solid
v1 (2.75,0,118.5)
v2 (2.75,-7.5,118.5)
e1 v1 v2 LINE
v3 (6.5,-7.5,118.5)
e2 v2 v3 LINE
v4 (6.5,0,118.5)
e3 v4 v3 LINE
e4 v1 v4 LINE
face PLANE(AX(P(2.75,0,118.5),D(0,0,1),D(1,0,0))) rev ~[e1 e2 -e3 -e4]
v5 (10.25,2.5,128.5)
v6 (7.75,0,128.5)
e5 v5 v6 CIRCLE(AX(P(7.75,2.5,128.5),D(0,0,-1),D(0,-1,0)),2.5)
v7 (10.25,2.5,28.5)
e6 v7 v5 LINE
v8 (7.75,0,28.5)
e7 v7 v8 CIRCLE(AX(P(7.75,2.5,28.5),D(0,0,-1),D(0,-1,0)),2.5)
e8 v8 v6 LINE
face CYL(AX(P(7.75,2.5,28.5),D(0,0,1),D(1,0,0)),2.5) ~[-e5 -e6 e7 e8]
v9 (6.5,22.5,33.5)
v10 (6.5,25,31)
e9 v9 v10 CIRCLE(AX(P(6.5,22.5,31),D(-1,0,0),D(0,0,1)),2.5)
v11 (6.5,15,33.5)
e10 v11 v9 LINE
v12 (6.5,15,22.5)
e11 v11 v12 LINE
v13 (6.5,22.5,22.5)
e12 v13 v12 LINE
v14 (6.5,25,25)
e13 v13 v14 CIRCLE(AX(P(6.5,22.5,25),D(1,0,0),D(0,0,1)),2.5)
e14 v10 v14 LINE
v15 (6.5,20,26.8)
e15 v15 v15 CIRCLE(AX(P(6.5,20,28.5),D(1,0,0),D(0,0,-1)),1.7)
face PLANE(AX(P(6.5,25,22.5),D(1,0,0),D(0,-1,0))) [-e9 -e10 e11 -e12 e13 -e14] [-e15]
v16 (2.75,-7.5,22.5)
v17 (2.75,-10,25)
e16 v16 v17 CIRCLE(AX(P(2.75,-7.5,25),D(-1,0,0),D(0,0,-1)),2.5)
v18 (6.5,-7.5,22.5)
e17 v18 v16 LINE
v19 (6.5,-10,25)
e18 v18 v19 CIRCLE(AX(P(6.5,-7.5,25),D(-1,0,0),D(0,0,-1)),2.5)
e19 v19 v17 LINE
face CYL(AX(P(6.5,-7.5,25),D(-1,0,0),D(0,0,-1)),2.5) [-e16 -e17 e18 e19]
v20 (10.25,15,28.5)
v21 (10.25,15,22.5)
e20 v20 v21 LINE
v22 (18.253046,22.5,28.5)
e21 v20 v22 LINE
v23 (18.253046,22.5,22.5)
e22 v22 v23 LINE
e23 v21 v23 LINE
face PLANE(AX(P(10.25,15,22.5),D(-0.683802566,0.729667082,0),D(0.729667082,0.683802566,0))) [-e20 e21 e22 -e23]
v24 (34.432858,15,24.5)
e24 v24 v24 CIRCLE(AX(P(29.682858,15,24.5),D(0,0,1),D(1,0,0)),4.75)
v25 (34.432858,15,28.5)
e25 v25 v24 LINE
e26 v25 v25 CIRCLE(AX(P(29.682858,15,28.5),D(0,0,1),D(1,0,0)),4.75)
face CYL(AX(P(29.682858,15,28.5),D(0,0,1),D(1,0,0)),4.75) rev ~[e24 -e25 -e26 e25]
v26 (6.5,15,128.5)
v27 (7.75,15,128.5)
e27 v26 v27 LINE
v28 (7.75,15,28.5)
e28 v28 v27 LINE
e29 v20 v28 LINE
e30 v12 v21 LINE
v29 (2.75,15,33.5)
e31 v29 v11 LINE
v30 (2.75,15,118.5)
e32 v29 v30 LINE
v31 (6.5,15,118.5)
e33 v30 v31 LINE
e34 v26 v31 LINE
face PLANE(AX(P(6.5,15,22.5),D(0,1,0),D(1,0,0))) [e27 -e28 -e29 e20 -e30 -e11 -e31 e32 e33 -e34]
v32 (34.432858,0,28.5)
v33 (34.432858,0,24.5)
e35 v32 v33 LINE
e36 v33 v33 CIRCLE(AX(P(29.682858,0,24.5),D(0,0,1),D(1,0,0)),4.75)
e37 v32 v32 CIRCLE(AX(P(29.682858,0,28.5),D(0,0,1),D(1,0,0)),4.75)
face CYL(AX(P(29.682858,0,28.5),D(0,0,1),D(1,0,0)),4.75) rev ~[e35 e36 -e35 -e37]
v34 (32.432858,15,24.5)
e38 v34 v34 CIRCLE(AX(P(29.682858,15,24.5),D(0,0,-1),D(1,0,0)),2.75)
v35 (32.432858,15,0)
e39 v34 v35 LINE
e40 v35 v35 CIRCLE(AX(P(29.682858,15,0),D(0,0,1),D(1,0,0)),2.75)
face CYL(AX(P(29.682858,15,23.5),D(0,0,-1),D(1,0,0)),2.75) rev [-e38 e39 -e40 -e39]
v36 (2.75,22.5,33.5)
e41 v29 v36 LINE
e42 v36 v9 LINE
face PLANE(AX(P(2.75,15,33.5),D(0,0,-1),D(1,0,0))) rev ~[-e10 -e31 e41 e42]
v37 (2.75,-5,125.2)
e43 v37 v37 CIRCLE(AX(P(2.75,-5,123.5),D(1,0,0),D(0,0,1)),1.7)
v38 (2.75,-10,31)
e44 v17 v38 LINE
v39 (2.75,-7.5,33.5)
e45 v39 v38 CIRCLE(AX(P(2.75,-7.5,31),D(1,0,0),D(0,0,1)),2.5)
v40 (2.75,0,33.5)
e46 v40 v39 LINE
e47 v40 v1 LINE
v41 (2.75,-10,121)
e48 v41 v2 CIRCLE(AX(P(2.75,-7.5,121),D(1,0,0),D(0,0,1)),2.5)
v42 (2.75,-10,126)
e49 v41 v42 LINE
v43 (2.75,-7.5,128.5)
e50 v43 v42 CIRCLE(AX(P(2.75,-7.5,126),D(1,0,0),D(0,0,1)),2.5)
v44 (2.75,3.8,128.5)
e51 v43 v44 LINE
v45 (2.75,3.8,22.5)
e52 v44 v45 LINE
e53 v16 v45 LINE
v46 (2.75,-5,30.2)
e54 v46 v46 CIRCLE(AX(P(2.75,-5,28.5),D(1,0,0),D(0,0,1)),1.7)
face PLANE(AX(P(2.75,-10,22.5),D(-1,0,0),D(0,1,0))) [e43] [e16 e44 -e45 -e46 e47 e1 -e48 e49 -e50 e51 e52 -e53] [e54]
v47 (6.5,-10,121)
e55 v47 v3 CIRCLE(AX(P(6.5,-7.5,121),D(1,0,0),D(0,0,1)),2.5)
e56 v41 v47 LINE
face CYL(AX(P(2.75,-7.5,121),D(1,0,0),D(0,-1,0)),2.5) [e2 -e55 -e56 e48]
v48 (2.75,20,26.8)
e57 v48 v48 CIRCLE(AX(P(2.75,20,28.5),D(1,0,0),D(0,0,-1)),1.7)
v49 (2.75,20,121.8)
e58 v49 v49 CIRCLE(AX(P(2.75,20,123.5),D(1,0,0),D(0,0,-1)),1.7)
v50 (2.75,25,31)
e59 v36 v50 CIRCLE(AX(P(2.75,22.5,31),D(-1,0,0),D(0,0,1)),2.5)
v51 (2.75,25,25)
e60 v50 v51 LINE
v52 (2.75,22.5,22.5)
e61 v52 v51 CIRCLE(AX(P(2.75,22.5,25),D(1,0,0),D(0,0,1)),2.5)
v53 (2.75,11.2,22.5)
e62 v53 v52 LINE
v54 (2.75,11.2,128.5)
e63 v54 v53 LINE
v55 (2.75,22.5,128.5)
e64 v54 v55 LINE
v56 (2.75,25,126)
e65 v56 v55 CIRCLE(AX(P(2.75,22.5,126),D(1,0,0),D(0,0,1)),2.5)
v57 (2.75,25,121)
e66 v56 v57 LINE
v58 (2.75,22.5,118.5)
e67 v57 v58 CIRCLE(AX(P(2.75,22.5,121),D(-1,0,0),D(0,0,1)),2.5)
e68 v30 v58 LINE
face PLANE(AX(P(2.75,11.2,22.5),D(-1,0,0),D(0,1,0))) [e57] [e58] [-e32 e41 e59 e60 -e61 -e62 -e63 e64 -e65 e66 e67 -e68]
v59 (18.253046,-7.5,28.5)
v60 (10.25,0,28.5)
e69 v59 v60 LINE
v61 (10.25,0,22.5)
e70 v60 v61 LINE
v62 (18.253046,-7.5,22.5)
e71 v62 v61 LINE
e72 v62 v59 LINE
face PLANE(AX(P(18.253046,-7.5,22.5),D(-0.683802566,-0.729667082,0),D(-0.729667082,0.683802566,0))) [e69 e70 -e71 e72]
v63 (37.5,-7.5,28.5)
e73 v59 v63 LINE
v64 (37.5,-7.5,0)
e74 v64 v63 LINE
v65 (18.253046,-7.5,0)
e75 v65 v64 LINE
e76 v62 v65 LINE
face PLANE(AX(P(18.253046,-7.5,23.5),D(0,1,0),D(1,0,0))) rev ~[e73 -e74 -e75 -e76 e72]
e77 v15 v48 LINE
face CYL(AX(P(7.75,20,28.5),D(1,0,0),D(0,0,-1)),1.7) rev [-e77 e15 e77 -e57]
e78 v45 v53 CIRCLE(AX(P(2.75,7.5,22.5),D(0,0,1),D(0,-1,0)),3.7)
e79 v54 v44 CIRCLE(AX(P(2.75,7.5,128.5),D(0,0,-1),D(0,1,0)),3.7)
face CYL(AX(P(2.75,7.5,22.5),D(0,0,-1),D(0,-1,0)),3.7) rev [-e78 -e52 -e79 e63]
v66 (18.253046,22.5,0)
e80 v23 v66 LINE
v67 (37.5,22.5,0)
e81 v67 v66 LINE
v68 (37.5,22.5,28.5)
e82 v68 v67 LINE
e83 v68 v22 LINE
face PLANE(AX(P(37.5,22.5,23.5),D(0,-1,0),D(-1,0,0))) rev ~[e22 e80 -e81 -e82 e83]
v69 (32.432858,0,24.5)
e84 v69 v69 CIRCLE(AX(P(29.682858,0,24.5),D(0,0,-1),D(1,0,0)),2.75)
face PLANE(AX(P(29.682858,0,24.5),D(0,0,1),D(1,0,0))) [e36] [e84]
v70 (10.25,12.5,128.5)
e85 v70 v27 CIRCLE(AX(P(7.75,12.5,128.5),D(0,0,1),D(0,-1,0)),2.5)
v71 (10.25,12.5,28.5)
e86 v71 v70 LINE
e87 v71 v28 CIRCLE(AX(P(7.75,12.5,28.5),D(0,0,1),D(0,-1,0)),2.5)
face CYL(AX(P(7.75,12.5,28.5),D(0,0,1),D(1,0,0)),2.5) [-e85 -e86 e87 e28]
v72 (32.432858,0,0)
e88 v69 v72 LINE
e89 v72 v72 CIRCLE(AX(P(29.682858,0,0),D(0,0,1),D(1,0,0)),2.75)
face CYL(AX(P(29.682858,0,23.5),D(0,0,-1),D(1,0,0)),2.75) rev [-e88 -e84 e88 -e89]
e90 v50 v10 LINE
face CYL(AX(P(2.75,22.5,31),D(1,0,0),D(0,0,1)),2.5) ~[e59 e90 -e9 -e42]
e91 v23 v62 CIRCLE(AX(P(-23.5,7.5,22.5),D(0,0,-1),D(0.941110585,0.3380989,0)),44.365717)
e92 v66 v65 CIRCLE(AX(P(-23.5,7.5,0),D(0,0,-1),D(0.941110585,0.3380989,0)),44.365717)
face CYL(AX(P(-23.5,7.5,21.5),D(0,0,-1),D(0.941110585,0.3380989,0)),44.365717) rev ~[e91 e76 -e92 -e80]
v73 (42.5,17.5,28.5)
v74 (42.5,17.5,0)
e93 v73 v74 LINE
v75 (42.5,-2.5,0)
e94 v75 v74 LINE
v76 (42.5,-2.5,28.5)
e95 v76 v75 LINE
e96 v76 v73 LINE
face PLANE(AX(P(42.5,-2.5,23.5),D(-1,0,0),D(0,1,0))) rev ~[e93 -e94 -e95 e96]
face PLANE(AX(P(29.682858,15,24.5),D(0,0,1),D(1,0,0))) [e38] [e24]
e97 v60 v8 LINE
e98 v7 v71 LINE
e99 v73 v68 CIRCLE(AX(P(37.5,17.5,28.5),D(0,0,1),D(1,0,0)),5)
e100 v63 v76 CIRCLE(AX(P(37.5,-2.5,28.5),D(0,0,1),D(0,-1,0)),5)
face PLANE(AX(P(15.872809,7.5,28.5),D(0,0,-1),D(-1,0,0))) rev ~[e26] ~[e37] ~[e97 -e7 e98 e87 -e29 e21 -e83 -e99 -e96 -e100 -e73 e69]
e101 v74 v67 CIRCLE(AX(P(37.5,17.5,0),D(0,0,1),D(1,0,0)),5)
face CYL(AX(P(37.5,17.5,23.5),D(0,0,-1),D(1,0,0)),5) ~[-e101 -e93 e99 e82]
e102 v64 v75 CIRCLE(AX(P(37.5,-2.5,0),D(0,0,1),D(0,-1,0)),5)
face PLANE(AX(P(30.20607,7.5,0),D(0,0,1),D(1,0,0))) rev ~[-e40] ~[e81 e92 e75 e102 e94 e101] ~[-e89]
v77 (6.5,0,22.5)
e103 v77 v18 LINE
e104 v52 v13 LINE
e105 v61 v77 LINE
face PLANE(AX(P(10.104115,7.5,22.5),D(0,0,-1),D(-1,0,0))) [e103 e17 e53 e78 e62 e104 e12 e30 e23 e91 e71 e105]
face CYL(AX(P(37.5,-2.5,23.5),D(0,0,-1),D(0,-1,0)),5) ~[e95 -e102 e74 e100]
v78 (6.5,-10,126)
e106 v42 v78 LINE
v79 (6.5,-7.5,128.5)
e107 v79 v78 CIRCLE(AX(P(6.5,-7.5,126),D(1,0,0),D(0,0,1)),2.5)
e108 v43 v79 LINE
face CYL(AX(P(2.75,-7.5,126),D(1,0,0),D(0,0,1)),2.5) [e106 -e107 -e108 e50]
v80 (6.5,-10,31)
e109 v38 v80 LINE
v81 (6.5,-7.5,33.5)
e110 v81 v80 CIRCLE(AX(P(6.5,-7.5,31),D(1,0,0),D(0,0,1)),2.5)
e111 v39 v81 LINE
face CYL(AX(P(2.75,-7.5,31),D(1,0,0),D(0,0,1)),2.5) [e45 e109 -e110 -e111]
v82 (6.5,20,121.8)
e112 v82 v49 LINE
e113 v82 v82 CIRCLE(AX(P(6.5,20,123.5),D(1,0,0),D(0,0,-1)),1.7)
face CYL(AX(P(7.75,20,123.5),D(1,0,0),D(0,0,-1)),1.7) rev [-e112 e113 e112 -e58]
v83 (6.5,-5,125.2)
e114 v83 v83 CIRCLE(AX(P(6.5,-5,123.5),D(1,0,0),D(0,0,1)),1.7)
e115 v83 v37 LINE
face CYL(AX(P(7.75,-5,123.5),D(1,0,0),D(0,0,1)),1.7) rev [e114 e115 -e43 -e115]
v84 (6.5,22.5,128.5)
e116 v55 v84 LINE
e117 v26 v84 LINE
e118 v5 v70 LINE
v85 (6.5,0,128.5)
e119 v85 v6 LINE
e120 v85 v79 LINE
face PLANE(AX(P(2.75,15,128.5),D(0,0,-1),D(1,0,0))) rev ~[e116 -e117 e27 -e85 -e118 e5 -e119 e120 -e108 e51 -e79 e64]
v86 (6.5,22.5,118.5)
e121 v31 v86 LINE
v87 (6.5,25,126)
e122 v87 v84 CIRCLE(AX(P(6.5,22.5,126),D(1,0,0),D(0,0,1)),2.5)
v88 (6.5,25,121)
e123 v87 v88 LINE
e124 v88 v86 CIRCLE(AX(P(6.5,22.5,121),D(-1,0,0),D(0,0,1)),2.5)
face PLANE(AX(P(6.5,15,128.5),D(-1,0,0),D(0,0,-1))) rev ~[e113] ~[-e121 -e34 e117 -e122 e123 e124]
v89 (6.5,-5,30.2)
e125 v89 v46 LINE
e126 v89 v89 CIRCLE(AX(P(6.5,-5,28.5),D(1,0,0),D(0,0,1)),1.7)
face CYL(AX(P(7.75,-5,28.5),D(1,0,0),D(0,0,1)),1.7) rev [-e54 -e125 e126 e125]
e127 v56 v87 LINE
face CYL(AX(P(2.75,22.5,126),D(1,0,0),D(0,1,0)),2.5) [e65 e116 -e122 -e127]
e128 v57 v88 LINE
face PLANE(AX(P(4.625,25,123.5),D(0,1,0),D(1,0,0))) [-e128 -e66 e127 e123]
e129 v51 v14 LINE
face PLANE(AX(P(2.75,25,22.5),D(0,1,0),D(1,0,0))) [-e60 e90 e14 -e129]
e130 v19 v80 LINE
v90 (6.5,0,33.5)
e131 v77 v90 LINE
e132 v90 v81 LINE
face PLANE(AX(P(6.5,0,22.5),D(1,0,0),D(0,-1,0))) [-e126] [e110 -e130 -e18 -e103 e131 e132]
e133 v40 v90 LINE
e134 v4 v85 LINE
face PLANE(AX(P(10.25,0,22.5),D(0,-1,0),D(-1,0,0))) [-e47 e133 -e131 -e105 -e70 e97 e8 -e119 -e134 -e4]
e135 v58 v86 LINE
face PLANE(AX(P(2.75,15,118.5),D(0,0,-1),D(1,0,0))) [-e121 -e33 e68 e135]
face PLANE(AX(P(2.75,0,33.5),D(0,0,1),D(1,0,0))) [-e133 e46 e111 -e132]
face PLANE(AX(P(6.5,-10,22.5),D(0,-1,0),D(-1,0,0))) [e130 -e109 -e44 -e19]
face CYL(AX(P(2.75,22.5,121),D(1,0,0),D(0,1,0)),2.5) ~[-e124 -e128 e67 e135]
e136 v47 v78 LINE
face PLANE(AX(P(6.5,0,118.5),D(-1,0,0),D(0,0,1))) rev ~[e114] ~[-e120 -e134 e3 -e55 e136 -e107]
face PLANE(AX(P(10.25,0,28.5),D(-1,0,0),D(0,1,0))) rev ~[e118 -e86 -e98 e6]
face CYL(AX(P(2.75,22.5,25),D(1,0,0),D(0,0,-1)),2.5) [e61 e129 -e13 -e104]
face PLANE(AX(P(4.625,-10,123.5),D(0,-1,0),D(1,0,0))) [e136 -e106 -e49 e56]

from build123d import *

# Parameters (mm, degrees)
SKETCH2_R               = 2.75
BOSS_EXTRUDE1_DEPTH     = 21.5
SKETCH3_R               = 2.75
BOSS_EXTRUDE2_DEPTH     = 2
SKETCH4_W               = 15
SKETCH4_H               = 15
SKETCH4_R               = 3.7
SKETCH4_R_2             = 2.75
BOSS_EXTRUDE3_DEPTH     = 5
SKETCH5_W               = 15
SKETCH5_H               = 15
SKETCH5_R               = 3.7
BOSS_EXTRUDE4_DEPTH     = 100
CUT_EXTRUDE1_DEPTH      = 138.203316286
CUT_EXTRUDE1_DEPTH_BACK = 138.203316286
SKETCH7_W               = 3.75
SKETCH7_H               = 10
BOSS_EXTRUDE5_DEPTH     = 10
SKETCH8_W               = 3.75
SKETCH8_H               = 10
BOSS_EXTRUDE6_DEPTH     = 10
CUT_EXTRUDE2_DEPTH      = 137.811229437
CUT_EXTRUDE2_DEPTH_BACK = 5
SKETCH9_R               = 1.7
BOSS_EXTRUDE7_START     = 1
BOSS_EXTRUDE7_DEPTH     = 1
FILLET1_R               = 2.5
SKETCH11_R              = 4.75
CUT_EXTRUDE3_DEPTH      = 4


with BuildPart() as part:
    # Sketch2 → Boss-Extrude1 (new body)
    with BuildSketch(Plane.XY):
        with BuildLine():
            ThreePointArc((37.5, -7.5), (41.035533906, -6.035533906), (42.5, -2.5))
            Line((42.5, -2.5), (42.5, 17.5))
            ThreePointArc((42.5, 17.5), (41.035533906, 21.035533906), (37.5, 22.5))
            Line((37.5, 22.5), (18.2530456, 22.5))
            ThreePointArc((18.2530456, 22.5), (20.865716684, 7.5), (18.2530456, -7.5))
            Line((18.2530456, -7.5), (37.5, -7.5))
        make_face()
        with Locations((29.682858342, 0)):
            Circle(SKETCH2_R, mode=Mode.SUBTRACT)
        with Locations((29.682858342, 15)):
            Circle(SKETCH2_R, mode=Mode.SUBTRACT)
    extrude(amount=BOSS_EXTRUDE1_DEPTH)

    # Sketch3 → Boss-Extrude2 (add)
    with BuildSketch(Plane.XY.offset(21.5)):
        with BuildLine():
            Line((18.2530456, -7.5), (37.5, -7.5))
            ThreePointArc((37.5, -7.5), (41.035533906, -6.035533906), (42.5, -2.5))
            Line((42.5, -2.5), (42.5, 17.5))
            ThreePointArc((42.5, 17.5), (41.035533906, 21.035533906), (37.5, 22.5))
            Line((37.5, 22.5), (18.2530456, 22.5))
            ThreePointArc((18.2530456, 22.5), (20.865716684, 7.5), (18.2530456, -7.5))
        make_face()
        with Locations((29.682858342, 0)):
            Circle(SKETCH3_R, mode=Mode.SUBTRACT)
        with Locations((29.682858342, 15)):
            Circle(SKETCH3_R, mode=Mode.SUBTRACT)
    extrude(amount=BOSS_EXTRUDE2_DEPTH)

    # Sketch4 → Boss-Extrude3 (add)
    # profile 1 of 3: a face of its own
    with BuildSketch(Plane.XY.offset(23.5)):
        with BuildLine():
            Line((10.25, 0), (10.25, 15))
            Line((10.25, 15), (18.2530456, 22.5))
            ThreePointArc((18.2530456, 22.5), (20.865716684, 7.5), (18.2530456, -7.5))
            Line((18.2530456, -7.5), (10.25, 0))
        make_face()
    # profile 2 of 3: a face of its own
    with BuildSketch(Plane.XY.offset(23.5)):
        with Locations((2.75, 7.5)):
            Rectangle(SKETCH4_W, SKETCH4_H)
        with Locations((2.75, 7.5)):
            Circle(SKETCH4_R, mode=Mode.SUBTRACT)
    # profile 3 of 3: a face of its own
    with BuildSketch(Plane.XY.offset(23.5)):
        with BuildLine():
            Line((37.5, 22.5), (18.2530456, 22.5))
            ThreePointArc((18.2530456, 22.5), (20.865716684, 7.5), (18.2530456, -7.5))
            Line((18.2530456, -7.5), (37.5, -7.5))
            ThreePointArc((37.5, -7.5), (41.035533906, -6.035533906), (42.5, -2.5))
            Line((42.5, -2.5), (42.5, 17.5))
            ThreePointArc((42.5, 17.5), (41.035533906, 21.035533906), (37.5, 22.5))
        make_face()
        with Locations((29.682858342, 15)):
            Circle(SKETCH4_R_2, mode=Mode.SUBTRACT)
        with Locations((29.682858342, 0)):
            Circle(SKETCH4_R_2, mode=Mode.SUBTRACT)
    extrude(amount=BOSS_EXTRUDE3_DEPTH)

    # Sketch5 → Boss-Extrude4 (add)
    with BuildSketch(Plane.XY.offset(28.5)):
        with Locations((2.75, 7.5)):
            Rectangle(SKETCH5_W, SKETCH5_H)
        with Locations((2.75, 7.5)):
            Circle(SKETCH5_R, mode=Mode.SUBTRACT)
    extrude(amount=BOSS_EXTRUDE4_DEPTH)

    # Sketch6 → Cut-Extrude1 (cut, two sides: drawn at the far end of the back side and taken through both)
    with BuildSketch(Plane.XY.offset(128.5).offset(-CUT_EXTRUDE1_DEPTH_BACK)):
        with BuildLine():
            ThreePointArc((2.75, 3.8), (-0.95, 7.5), (2.75, 11.2))
            Line((2.75, 11.2), (2.75, 15))
            Line((2.75, 15), (-4.75, 15))
            Line((-4.75, 15), (-4.75, 0))
            Line((-4.75, 0), (2.75, 0))
            Line((2.75, 0), (2.75, 3.8))
        make_face()
    extrude(amount=CUT_EXTRUDE1_DEPTH + CUT_EXTRUDE1_DEPTH_BACK, mode=Mode.SUBTRACT)

    # Sketch7 → Boss-Extrude5 (add)
    with BuildSketch(Plane.XZ):
        with Locations((4.625, 123.5)):
            Rectangle(SKETCH7_W, SKETCH7_H)
        with Locations((4.625, 28.5)):
            Rectangle(SKETCH7_W, SKETCH7_H)
    extrude(amount=BOSS_EXTRUDE5_DEPTH)

    # Sketch8 → Boss-Extrude6 (add)
    with BuildSketch(Plane(origin=(0, 15, 0), x_dir=(1, 0, 0), z_dir=(0, 1, 0))):
        with Locations((4.625, -123.5)):
            Rectangle(SKETCH8_W, SKETCH8_H)
        with Locations((4.625, -28.5)):
            Rectangle(SKETCH8_W, SKETCH8_H)
    extrude(amount=BOSS_EXTRUDE6_DEPTH)

    # Sketch9 → Cut-Extrude2 (cut, two sides: drawn at the far end of the back side and taken through both)
    with BuildSketch(Plane.ZY.offset(-2.75).offset(-CUT_EXTRUDE2_DEPTH_BACK)):
        with Locations((123.5, -5)):
            Circle(SKETCH9_R)
        with Locations(Location((123.5, 20, 0), (0, 0, 180))):
            Circle(SKETCH9_R)
        with Locations(Location((28.5, 20, 0), (0, 0, 180))):
            Circle(SKETCH9_R)
        with Locations((28.5, -5)):
            Circle(SKETCH9_R)
    extrude(amount=CUT_EXTRUDE2_DEPTH + CUT_EXTRUDE2_DEPTH_BACK, mode=Mode.SUBTRACT)

    # Sketch10 → Boss-Extrude7 (add)
    with BuildSketch(Plane(origin=(0, 0, 23.5), x_dir=(-1, 0, 0), z_dir=(0, 0, -1)).offset(BOSS_EXTRUDE7_START)):
        with BuildLine():
            Line((-2.75, -10), (-2.75, 3.8))
            ThreePointArc((-2.75, 3.8), (-6.45, 7.5), (-2.75, 11.2))
            Line((-2.75, 11.2), (-2.75, 25))
            Line((-2.75, 25), (-6.5, 25))
            Line((-6.5, 25), (-6.5, 15))
            Line((-6.5, 15), (-10.25, 15))
            Line((-10.25, 15), (-18.2530456, 22.5))
            ThreePointArc((-18.2530456, 22.5), (-20.865716684, 7.5), (-18.2530456, -7.5))
            Line((-18.2530456, -7.5), (-10.25, 0))
            Line((-10.25, 0), (-6.5, 0))
            Line((-6.5, 0), (-6.5, -10))
            Line((-6.5, -10), (-2.75, -10))
        make_face()
    extrude(amount=-BOSS_EXTRUDE7_DEPTH)

    # Fillet1
    fillet1_edges = [part.edges().sort_by_distance(p)[0] for p in [
        (4.625, -10, 22.5),
        (4.625, -10, 33.5),
        (4.625, 25, 22.5),
        (4.625, 25, 33.5),
        (4.625, 25, 118.5),
        (4.625, 25, 128.5),
        (4.625, -10, 118.5),
        (4.625, -10, 128.5),
        (10.25, 0, 78.5),
        (10.25, 15, 78.5),
    ]]
    fillet(fillet1_edges, radius=FILLET1_R)

    # Sketch11 → Cut-Extrude3 (cut)
    with BuildSketch(Plane.XY.offset(28.5)):
        with Locations((29.682858342, 15)):
            Circle(SKETCH11_R)
        with Locations((29.682858342, 0)):
            Circle(SKETCH11_R)
    extrude(amount=-CUT_EXTRUDE3_DEPTH, mode=Mode.SUBTRACT)


solid = part.part
